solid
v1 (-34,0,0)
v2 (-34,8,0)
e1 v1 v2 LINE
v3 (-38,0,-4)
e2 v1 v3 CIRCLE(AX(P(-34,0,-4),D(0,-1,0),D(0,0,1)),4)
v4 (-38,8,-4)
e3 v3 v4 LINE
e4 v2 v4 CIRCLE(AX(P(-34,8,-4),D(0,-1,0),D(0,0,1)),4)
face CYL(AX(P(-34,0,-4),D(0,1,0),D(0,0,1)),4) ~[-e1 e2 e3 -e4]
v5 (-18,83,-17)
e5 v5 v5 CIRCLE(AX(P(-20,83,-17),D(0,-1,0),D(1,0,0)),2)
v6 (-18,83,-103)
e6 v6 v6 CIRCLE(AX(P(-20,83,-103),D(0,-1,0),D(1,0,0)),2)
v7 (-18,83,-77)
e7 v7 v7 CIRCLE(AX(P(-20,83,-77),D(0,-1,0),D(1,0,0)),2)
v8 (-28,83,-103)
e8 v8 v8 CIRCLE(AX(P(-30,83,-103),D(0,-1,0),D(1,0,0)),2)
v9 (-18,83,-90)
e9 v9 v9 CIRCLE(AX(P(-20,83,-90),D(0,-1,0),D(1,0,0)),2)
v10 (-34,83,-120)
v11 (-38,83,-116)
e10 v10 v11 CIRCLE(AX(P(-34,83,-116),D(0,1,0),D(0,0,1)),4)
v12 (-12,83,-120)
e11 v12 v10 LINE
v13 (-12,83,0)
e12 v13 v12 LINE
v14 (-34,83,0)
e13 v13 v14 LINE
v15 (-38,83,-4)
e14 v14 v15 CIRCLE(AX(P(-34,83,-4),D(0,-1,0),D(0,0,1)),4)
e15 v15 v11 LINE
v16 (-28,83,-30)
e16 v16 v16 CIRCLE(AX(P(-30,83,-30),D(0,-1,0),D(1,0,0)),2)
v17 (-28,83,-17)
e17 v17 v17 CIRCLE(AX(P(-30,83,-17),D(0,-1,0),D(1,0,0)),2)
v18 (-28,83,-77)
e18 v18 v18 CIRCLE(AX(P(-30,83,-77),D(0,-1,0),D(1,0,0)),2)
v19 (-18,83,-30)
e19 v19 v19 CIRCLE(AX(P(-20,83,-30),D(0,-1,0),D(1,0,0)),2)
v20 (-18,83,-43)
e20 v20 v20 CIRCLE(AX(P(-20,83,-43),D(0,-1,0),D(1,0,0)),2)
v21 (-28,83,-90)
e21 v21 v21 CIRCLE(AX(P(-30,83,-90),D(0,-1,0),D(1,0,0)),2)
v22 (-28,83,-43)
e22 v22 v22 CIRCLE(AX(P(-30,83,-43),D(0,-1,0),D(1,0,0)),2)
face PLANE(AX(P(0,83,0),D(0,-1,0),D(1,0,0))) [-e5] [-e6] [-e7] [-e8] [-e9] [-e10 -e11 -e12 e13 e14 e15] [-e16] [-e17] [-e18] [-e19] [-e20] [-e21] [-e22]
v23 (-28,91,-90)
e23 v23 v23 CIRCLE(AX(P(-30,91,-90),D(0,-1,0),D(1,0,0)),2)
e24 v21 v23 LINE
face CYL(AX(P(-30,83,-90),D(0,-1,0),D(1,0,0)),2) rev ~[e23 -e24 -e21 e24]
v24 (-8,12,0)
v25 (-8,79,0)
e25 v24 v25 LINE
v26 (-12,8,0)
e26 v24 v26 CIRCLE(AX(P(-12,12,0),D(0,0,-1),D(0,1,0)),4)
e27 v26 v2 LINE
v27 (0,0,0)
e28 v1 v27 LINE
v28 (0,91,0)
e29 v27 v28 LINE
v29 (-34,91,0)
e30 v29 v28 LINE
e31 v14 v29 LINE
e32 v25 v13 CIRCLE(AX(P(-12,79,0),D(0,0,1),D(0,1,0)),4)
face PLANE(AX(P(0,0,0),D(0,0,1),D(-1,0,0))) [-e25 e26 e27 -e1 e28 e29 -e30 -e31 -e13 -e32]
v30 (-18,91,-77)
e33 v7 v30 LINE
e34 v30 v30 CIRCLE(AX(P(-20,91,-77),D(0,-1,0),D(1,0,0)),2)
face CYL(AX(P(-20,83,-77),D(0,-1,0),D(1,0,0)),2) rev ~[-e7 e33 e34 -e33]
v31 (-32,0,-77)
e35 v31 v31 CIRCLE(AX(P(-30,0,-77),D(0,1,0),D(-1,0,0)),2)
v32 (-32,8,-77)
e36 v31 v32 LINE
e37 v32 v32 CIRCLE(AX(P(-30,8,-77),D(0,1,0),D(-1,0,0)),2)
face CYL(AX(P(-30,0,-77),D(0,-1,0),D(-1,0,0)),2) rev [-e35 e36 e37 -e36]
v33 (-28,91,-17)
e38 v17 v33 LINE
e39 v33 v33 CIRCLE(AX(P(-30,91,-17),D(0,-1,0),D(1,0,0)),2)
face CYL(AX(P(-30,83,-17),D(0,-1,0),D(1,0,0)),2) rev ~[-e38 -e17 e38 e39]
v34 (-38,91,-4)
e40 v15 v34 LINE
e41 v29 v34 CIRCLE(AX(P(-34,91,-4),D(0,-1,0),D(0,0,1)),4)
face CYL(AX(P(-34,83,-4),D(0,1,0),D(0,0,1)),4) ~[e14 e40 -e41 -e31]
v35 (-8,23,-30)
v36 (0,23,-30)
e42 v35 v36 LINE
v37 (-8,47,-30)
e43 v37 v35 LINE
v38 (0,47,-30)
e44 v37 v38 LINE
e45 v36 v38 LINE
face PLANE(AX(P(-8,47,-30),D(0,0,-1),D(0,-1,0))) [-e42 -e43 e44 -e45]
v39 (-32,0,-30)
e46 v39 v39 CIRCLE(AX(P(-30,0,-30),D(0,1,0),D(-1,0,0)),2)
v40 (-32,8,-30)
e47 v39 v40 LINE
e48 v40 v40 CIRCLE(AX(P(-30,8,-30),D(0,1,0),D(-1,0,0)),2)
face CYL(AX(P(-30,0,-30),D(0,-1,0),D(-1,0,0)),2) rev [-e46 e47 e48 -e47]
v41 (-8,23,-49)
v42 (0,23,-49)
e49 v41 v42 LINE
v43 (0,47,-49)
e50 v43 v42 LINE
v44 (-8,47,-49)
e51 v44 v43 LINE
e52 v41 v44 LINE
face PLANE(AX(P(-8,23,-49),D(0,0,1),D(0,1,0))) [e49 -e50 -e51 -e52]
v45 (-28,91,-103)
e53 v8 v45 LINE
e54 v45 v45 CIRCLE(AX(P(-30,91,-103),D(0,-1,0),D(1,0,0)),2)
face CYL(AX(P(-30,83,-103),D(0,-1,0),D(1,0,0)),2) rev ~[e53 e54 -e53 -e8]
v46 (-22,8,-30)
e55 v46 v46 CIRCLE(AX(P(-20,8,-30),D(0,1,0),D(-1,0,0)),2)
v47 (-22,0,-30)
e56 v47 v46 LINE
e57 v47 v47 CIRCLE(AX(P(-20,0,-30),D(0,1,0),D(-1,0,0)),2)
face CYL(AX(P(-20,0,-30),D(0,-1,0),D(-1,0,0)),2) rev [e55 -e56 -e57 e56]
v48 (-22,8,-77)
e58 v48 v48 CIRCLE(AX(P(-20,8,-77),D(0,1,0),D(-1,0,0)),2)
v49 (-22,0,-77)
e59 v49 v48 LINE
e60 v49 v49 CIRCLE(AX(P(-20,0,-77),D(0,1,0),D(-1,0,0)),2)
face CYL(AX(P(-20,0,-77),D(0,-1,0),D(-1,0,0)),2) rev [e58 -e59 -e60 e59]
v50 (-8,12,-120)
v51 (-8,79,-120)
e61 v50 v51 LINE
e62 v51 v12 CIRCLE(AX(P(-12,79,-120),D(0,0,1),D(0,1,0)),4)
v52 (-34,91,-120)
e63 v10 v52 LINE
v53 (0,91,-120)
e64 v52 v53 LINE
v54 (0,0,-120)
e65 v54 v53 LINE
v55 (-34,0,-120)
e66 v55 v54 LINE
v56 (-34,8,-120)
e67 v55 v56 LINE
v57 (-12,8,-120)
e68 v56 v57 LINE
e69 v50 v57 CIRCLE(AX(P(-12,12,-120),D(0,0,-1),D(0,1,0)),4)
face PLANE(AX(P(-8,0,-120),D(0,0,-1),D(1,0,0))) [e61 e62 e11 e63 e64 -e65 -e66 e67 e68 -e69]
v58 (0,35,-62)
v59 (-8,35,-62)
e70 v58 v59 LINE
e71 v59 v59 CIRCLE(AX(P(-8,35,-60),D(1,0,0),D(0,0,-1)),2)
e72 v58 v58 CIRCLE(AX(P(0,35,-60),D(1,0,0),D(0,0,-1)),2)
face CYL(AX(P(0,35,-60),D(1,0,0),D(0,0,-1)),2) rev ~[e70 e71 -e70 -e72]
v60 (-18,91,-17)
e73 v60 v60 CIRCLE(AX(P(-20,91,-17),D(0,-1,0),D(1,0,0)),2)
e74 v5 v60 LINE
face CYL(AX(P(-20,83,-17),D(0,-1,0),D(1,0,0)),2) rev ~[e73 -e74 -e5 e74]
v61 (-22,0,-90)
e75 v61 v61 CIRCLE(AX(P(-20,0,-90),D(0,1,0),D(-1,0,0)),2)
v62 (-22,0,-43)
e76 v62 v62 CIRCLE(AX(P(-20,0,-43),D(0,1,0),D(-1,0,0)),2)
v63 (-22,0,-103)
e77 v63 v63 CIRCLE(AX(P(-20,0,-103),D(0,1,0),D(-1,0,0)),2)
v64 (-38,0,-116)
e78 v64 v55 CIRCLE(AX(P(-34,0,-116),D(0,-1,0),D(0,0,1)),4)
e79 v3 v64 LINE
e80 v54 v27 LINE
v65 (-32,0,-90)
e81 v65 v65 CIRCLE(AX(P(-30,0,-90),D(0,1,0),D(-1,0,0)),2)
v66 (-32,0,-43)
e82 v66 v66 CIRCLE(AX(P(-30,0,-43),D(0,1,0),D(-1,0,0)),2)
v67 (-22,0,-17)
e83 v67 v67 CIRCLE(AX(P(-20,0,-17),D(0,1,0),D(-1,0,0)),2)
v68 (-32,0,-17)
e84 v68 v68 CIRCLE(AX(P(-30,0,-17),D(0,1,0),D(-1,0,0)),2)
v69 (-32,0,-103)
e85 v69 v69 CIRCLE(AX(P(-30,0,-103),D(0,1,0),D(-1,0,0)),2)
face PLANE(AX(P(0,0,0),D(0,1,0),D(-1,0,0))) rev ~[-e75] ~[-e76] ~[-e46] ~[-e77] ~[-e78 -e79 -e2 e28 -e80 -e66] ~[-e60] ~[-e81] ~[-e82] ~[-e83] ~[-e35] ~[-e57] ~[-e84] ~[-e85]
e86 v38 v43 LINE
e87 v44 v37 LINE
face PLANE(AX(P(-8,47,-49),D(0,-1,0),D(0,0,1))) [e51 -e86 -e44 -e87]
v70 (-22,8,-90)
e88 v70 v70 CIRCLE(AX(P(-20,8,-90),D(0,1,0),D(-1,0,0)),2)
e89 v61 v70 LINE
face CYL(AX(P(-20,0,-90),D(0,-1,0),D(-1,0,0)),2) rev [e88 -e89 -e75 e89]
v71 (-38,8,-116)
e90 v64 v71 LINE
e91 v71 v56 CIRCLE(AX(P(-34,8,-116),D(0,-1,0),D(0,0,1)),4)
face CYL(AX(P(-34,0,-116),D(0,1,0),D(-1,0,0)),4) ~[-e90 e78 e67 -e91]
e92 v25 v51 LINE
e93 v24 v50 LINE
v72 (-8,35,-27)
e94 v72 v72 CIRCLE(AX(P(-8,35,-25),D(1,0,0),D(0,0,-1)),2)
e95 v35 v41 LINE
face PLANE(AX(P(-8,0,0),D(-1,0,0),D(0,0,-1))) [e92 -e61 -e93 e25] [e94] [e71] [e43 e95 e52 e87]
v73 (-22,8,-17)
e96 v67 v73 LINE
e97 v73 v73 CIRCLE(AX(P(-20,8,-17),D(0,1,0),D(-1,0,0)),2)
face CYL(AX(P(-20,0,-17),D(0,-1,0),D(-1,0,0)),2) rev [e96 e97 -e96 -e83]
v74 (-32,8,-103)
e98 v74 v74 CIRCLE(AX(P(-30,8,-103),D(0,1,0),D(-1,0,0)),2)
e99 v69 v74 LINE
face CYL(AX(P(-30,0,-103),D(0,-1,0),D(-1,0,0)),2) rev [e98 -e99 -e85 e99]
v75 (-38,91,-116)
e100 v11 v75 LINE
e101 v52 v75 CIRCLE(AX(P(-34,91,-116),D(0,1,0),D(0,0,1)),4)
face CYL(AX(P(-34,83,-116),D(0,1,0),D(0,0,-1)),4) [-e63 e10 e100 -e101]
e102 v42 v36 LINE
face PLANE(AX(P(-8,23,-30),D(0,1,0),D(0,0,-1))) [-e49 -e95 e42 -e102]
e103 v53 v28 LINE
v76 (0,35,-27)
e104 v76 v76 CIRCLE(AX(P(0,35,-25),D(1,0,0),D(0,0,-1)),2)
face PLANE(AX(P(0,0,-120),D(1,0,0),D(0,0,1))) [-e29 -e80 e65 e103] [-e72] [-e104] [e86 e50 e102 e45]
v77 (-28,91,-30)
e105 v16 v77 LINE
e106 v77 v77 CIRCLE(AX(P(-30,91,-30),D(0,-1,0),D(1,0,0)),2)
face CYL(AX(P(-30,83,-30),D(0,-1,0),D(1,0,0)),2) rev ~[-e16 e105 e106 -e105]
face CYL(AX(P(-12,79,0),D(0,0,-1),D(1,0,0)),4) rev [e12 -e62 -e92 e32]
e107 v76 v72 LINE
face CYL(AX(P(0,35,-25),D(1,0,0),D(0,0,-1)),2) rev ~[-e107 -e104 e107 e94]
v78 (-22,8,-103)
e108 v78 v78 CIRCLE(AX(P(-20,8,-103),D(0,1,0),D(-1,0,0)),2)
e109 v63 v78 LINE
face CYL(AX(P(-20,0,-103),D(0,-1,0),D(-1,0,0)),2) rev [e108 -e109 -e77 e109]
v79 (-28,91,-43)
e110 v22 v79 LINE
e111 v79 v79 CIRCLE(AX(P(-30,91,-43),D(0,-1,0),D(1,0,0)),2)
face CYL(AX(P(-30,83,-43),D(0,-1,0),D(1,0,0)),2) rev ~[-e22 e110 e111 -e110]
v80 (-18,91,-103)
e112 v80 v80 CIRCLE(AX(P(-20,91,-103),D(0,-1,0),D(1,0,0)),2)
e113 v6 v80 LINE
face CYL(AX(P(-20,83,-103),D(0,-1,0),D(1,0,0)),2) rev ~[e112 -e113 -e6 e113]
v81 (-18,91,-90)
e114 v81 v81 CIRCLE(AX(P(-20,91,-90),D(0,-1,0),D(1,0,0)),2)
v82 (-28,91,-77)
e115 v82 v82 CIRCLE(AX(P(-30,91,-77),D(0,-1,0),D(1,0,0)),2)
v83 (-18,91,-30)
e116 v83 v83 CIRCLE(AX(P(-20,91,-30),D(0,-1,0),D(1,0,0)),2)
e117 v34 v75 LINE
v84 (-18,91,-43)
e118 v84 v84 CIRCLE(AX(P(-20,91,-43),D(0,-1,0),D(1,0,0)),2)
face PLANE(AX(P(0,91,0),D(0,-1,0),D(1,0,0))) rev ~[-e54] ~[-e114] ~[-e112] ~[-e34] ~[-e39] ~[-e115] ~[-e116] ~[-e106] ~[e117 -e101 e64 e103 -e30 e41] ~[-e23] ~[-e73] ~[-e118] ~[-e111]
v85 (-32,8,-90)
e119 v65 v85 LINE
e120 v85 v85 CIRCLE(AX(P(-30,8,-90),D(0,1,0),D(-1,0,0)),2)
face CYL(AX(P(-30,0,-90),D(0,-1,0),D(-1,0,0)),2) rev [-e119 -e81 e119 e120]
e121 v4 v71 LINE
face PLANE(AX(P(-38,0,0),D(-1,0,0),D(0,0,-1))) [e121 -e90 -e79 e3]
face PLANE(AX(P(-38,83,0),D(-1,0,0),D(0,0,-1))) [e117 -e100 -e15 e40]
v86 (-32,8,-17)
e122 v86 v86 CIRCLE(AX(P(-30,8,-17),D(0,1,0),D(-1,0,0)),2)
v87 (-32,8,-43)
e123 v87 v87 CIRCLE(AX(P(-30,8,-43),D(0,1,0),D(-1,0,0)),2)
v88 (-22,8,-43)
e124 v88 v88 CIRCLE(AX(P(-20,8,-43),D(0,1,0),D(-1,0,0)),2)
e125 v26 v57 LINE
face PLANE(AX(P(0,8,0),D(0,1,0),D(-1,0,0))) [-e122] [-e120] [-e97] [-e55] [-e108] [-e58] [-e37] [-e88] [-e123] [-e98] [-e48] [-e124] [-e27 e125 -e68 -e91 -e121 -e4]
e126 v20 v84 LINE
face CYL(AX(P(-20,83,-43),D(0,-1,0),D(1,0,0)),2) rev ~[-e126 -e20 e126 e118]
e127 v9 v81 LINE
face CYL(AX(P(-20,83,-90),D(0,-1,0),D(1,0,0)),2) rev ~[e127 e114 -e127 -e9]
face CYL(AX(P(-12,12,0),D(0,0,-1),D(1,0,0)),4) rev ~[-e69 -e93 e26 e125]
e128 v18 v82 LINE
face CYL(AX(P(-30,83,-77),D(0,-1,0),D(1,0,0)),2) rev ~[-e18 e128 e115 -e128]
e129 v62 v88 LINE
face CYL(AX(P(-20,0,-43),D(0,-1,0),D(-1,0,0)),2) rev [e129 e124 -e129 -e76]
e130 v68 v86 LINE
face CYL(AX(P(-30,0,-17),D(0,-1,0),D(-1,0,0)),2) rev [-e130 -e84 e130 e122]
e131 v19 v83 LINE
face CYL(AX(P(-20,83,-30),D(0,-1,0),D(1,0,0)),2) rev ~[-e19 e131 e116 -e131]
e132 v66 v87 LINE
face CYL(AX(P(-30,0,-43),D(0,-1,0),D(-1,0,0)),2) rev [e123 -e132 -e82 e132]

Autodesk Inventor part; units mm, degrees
ref_plane "YZ Plane" through (0, 0, 0) normal (1, 0, 0) x (0, 1, 0)
ref_plane "XZ Plane" through (0, 0, 0) normal (0, 1, 0) x (-1, 0, 0)
sketch "Sketch1" plane through (0, 0, 0) normal (0, 1, 0) x (-1, 0, 0)
  line L0 (0, 0) -> (8, 0)
  line L1 (8, 0) -> (8, -120)
  line L2 (8, -120) -> (0, -120)
  line L3 (0, -120) -> (0, 0)
  line L4 (8, 0) -> (38, 0)
  line L5 (38, 0) -> (38, -120)
  line L6 (38, -120) -> (8, -120)
  line L7 (8, -120) -> (8, 0)
  circle A0 centre (20, -17) radius 2
  circle A1 centre (20, -30) radius 2
  circle A2 centre (20, -43) radius 2
  circle A3 centre (20, -77) radius 2
  circle A4 centre (20, -90) radius 2
  circle A5 centre (20, -103) radius 2
  circle A6 centre (30, -17) radius 2
  circle A7 centre (30, -30) radius 2
  circle A8 centre (30, -43) radius 2
  circle A9 centre (30, -77) radius 2
  circle A10 centre (30, -90) radius 2
  circle A11 centre (30, -103) radius 2
  dimension "d15" = 8
  dimension "d16" = 120
  dimension "d17" = 30
extrude "Extrusion3" add sketch "Sketch1" along normal blind 83 contours L0 L1 L2 L3
extrude "Extrusion4" add sketch "Sketch1" along normal blind 8 contours L4 L5 L6 L1
sketch "Sketch2" plane through (0, 0, 0) normal (1, 0, 0) x (0, 0, -1)
  line L0 (0, 0) -> (120, 0) projected
  line L1 (120, 0) -> (120, 83) projected
  line L2 (0, 0) -> (0, 35)
  line L3 (0, 8) -> (0, 83) projected
  circle A0 centre (25, 35) radius 2
  circle A1 centre (60, 35) radius 2
  dimension "d53" = 4
  dimension "d54" = 4
extrude "Extrusion5" cut sketch "Sketch2" against normal blind 10
ref_plane "Work Plane1" through (0, 83, 0) normal (0, -1, 0) x (1, 0, 0)
sketch "Sketch4" plane through (0, 83, 0) normal (0, -1, 0) x (1, 0, 0)
  line L0 (0, -120) -> (0, 0)
  line L1 (0, 0) -> (-8, 0)
  line L2 (-8, 0) -> (-8, -120)
  line L3 (-8, -120) -> (0, -120)
  line L4 (-8, 0) -> (-38, 0)
  line L5 (-38, 0) -> (-38, -120)
  line L6 (-38, -120) -> (-8, -120)
  line L7 (-8, -120) -> (-8, 0)
  circle A0 centre (-20, -17) radius 2
  circle A1 centre (-20, -30) radius 2
  circle A2 centre (-20, -43) radius 2
  circle A3 centre (-20, -77) radius 2
  circle A4 centre (-20, -90) radius 2
  circle A5 centre (-20, -103) radius 2
  circle A6 centre (-30, -77) radius 2
  circle A7 centre (-30, -90) radius 2
  circle A8 centre (-30, -103) radius 2
  circle A9 centre (-30, -43) radius 2
  circle A10 centre (-30, -30) radius 2
  circle A11 centre (-30, -17) radius 2
  point P0 (8, -120)
extrude "Extrusion6" add sketch "Sketch4" against normal blind 8
fillet "Fillet1" radius 4 6 edges at (-38, 87, 0) (-38, 87, -120) (-38, 4, -120) (-38, 4, 0) (-8, 83, -60) (-8, 8, -60)
sketch "Sketch5" plane through (-8, 12, 0) normal (-1, 0, 0) x (0, 0, 1)
  circle A0 centre (-60, 23) radius 2 projected
  circle A1 centre (-25, 23) radius 2 projected
  line L0 (-49, 23) -> (-49, 35)
  line L1 (-49, 35) -> (-30, 35)
  line L2 (-30, 35) -> (-30, 23)
  line L3 (-30, 23) -> (-30, 11)
  line L4 (-30, 11) -> (-49, 11)
  line L5 (-49, 11) -> (-49, 23)
  point P0 (0, -12)
extrude "Extrusion7" cut sketch "Sketch5" against normal blind 10 contours L0 L1 L2 L3 L4 L5
sketch "Sketch6" plane through (-8, 12, 0) normal (-1, 0, 0) x (0, 0, 1)
  line L0 (-116, -12) -> (-4, -12) projected
  line L1 (-116, 79) -> (-4, 79) projected
  line L2 (-27, 23) -> (-23, 23)
  circle A0 centre (-25, 23) radius 2 projected
  point P0 (0, -12)
  dimension "d57" = 91
  dimension "d58" = 35
  dimension "d59" = 56
properties part number "_3DPrint"
